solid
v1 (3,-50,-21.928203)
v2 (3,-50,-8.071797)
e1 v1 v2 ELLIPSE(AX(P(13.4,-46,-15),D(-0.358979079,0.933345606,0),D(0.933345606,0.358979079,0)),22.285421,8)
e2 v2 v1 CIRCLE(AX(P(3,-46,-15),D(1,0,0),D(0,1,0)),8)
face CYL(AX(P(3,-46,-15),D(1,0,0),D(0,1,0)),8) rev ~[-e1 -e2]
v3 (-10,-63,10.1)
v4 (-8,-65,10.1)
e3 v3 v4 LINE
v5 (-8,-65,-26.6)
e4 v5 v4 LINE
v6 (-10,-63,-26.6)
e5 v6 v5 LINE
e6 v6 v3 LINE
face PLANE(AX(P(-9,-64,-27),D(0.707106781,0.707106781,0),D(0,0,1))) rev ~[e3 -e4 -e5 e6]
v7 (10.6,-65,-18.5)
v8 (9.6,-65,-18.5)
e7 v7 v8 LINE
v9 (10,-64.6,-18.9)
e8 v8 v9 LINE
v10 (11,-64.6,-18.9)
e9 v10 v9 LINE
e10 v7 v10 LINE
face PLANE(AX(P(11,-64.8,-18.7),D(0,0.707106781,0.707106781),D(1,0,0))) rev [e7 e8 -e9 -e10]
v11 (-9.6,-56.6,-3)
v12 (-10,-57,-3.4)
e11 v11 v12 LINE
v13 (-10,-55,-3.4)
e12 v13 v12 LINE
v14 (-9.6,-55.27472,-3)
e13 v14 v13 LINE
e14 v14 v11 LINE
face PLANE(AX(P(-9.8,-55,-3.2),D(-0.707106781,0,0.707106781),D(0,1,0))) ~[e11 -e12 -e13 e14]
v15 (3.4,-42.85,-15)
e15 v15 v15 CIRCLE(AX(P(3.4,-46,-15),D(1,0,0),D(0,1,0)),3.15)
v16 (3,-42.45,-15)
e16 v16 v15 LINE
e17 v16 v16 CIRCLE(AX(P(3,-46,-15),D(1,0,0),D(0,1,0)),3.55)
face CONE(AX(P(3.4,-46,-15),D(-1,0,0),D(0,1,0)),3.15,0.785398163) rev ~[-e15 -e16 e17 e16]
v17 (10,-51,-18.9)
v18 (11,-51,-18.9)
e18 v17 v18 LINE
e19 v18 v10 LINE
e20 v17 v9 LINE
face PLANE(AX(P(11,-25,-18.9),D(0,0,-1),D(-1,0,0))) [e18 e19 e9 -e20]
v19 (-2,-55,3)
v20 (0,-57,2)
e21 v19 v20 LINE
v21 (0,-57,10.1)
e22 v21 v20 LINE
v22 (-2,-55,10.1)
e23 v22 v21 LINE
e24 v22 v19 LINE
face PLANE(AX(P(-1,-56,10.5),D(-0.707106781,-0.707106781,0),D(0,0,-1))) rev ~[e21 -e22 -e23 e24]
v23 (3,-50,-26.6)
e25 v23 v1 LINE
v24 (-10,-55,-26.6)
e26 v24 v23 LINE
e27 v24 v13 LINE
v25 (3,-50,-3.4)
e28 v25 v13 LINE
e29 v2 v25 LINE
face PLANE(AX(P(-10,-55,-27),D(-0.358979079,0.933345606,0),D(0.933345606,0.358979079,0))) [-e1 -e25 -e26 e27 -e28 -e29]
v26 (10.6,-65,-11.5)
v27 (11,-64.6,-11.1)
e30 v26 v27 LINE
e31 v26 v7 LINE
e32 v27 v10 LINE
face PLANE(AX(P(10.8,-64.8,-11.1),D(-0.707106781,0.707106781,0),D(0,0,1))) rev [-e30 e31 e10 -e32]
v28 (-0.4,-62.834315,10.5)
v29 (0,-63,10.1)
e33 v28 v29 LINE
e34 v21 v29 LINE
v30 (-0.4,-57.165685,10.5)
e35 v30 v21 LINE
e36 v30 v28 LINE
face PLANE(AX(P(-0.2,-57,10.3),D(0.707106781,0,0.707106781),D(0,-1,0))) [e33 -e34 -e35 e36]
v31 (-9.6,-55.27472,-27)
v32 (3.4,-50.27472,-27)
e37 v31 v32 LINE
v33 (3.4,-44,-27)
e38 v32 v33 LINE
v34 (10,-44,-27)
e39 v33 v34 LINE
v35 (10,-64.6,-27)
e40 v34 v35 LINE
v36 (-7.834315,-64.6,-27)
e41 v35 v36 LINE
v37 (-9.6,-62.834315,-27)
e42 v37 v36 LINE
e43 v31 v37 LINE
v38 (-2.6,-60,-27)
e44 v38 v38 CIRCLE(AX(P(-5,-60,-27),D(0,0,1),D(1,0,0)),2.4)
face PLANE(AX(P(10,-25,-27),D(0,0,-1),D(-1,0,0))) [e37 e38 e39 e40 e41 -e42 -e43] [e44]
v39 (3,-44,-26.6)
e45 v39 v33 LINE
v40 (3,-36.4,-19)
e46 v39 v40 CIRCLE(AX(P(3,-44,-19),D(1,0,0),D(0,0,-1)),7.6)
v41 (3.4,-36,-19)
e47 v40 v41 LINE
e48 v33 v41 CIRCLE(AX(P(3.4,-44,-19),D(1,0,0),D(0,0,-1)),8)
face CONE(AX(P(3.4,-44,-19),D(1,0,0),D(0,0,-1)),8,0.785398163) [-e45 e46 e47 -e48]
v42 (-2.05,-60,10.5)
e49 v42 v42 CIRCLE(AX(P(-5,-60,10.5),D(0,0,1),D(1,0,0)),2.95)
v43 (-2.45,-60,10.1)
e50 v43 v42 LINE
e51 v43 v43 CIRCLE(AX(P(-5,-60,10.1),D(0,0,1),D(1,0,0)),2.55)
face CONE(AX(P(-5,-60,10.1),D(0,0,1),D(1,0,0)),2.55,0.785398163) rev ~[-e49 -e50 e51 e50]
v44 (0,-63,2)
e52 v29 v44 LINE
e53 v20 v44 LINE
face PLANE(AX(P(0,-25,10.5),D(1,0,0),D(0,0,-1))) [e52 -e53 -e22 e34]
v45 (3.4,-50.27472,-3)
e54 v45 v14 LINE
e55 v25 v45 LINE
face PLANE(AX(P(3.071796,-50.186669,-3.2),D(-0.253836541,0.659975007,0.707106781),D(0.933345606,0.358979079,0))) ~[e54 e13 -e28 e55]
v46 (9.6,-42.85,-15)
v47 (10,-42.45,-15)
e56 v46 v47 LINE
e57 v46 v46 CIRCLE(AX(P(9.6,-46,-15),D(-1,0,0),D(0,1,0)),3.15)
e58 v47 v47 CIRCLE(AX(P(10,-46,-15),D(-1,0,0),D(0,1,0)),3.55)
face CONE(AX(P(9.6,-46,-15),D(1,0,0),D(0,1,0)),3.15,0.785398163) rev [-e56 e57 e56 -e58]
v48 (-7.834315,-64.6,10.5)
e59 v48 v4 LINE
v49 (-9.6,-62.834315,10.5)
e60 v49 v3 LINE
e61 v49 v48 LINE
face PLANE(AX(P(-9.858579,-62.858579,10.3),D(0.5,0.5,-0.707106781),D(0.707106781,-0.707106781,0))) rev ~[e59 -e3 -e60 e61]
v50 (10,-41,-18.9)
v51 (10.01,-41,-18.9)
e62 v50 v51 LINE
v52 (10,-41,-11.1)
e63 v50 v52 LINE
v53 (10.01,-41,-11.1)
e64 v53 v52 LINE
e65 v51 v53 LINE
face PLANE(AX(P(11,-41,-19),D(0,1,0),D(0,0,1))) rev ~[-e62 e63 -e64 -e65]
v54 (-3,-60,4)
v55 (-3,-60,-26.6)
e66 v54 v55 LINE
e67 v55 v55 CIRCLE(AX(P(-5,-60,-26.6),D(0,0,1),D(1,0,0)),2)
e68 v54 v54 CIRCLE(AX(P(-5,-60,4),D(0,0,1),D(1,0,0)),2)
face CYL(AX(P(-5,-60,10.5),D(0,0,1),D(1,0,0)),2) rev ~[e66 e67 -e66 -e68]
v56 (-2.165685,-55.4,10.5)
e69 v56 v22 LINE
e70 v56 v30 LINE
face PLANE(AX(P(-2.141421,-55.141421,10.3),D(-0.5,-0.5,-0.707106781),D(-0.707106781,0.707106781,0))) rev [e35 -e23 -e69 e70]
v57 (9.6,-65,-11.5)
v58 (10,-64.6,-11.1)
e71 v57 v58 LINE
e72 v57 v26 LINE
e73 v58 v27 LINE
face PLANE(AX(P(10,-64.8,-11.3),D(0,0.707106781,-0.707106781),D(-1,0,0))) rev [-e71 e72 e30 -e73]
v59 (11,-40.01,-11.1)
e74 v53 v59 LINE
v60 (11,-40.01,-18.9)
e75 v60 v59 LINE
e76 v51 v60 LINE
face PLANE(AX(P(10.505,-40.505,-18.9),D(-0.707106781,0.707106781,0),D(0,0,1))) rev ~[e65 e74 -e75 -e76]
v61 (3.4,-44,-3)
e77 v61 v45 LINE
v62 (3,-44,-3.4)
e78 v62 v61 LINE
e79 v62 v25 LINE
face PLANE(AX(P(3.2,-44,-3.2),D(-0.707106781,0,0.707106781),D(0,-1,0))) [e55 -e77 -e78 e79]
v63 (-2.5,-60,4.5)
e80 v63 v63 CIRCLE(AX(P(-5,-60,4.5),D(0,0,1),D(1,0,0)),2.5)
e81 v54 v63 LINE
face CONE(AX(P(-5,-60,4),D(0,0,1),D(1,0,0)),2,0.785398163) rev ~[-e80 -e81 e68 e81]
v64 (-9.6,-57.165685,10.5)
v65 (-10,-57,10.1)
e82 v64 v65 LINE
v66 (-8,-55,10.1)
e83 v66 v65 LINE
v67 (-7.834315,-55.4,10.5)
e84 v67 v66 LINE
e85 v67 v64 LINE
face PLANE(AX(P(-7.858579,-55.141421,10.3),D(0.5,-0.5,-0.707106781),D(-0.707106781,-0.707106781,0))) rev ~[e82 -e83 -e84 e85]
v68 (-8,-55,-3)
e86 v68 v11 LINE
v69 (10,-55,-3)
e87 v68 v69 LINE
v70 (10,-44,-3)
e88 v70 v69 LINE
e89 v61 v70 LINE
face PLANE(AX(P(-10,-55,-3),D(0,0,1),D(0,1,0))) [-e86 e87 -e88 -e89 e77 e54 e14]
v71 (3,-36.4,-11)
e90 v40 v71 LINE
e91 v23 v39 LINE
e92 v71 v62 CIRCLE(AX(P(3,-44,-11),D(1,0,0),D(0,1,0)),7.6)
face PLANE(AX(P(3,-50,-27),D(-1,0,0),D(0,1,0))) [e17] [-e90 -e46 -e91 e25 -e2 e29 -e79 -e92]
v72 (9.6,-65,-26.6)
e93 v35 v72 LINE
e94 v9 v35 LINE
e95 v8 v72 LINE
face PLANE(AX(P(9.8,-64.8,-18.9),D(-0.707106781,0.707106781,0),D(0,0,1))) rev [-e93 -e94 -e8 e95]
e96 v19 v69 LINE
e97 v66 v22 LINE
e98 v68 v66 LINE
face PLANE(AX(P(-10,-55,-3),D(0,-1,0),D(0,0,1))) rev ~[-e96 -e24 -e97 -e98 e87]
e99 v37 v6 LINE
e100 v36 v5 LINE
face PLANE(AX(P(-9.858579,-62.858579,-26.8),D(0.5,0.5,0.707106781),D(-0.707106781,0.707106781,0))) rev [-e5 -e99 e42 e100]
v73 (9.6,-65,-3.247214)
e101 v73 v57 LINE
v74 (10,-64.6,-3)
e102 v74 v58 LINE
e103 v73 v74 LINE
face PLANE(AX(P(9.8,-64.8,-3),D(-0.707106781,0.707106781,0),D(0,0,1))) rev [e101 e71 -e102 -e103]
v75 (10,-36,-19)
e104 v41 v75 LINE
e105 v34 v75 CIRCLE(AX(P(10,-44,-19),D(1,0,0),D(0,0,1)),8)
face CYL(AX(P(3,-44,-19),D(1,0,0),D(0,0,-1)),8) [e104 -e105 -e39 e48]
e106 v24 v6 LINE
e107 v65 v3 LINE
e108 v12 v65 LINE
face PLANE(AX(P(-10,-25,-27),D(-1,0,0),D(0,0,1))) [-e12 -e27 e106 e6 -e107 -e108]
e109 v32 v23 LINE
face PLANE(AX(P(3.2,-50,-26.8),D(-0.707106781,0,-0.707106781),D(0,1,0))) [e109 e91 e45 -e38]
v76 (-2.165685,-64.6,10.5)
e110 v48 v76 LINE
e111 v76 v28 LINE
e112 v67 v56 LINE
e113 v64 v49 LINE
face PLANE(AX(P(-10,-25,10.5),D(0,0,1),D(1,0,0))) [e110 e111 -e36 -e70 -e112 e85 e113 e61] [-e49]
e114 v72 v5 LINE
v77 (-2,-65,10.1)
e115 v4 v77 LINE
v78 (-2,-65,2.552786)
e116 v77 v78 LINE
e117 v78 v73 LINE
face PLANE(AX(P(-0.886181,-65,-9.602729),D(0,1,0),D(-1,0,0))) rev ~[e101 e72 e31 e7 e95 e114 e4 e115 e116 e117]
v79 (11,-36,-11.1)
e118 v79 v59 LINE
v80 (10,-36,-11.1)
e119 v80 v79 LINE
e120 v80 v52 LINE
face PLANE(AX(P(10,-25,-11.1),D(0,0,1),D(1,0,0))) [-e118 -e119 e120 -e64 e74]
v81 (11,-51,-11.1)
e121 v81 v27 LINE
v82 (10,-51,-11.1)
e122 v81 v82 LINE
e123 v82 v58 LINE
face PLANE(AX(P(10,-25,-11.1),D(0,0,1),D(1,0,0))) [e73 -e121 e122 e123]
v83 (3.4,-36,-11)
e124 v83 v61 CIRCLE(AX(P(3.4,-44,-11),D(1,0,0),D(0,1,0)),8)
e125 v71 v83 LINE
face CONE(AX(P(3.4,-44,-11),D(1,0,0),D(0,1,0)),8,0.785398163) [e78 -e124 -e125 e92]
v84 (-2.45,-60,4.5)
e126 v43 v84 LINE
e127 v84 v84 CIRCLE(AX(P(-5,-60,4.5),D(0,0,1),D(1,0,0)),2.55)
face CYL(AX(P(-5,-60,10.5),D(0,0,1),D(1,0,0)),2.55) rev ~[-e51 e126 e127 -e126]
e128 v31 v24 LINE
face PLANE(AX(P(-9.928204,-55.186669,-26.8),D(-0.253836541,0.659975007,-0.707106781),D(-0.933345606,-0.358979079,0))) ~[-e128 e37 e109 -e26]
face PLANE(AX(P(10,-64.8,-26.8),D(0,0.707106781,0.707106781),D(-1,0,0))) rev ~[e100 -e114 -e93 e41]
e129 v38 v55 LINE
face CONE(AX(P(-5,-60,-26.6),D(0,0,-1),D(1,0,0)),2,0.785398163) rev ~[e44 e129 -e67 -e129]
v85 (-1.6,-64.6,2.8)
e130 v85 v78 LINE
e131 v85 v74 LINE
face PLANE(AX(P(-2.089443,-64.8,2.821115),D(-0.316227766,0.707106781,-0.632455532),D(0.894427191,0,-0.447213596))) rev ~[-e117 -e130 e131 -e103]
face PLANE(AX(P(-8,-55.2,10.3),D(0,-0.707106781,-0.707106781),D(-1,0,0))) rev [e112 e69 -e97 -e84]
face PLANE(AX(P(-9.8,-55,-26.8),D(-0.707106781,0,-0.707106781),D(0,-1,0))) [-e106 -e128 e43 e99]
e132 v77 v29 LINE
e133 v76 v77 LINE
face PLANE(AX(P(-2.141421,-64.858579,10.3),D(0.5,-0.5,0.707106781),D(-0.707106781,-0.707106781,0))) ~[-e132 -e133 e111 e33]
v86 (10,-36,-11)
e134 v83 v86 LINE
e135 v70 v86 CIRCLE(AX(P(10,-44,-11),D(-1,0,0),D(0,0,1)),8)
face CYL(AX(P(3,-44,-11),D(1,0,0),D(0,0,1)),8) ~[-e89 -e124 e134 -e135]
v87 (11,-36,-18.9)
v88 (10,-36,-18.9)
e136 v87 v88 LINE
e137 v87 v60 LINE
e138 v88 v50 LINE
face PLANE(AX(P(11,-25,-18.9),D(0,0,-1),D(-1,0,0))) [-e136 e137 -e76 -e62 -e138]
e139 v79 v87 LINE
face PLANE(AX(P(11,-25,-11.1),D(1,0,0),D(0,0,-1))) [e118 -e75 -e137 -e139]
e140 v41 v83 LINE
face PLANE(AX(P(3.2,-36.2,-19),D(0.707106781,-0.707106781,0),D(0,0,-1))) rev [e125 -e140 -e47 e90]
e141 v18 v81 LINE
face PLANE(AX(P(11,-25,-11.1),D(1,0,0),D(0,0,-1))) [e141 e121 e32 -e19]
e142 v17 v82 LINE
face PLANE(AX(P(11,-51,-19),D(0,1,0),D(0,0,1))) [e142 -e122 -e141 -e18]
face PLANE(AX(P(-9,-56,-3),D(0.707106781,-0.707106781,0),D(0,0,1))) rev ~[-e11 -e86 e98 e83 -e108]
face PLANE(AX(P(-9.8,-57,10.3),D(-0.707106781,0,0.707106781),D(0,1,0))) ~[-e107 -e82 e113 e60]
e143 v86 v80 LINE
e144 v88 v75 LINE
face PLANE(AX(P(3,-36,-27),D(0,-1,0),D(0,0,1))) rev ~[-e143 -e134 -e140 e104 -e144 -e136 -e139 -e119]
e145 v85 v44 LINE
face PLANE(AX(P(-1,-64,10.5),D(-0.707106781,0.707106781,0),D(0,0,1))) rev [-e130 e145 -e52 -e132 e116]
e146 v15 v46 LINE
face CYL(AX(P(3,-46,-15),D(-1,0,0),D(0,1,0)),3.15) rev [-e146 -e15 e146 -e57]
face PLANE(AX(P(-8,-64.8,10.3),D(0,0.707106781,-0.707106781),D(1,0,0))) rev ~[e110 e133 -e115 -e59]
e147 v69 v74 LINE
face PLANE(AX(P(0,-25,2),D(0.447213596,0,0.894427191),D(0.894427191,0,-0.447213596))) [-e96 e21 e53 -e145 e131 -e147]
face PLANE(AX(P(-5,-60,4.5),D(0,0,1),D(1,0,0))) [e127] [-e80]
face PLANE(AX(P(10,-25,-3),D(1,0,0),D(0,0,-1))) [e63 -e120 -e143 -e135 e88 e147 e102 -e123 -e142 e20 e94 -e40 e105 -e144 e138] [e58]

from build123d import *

# Parameters (mm, degrees)
PAD008_DEPTH       = 40
SKETCH033_W        = 30
SKETCH033_H        = 13.5
POCKET020_DEPTH    = 21.001
POCKET021_DEPTH    = 37.501
SKETCH035_R        = 8
POCKET022_DEPTH    = 13.001
SKETCH036_R        = 3.15
POCKET023_DEPTH    = 8.001
SKETCH037_W        = 11
SKETCH037_H        = 24
POCKET024_DEPTH    = 8.001
FILLET003002004_R  = 8
SKETCH038_R        = 2
POCKET025_DEPTH    = 37.501
SKETCH039_R        = 2.55
POCKET026_DEPTH    = 6
SKETCH040_W        = 10
SKETCH040_H        = 8
POCKET027_DEPTH    = 1
CHAMFER026013_SIZE = 2
CHAMFER026014_SIZE = 0.4
CHAMFER026015_SIZE = 0.99
CHAMFER026016_SIZE = 0.5


with BuildPart() as part:
    # Sketch032 → Pad008 (new body)
    with BuildSketch(Plane.XZ):
        Polygon((-20, 10.5), (-10, 10.5), (-10, 2), (0, -3), (0, -11.1), (1, -11.1), (1, -18.9), (0, -18.9), (0, -27), (-20, -27), align=None)
    extrude(amount=PAD008_DEPTH)

    # Sketch033 (on DatumPlane) → Pocket020 (cut, through all)
    with BuildSketch(Plane.YZ.offset(-20)):
        with Locations((-15, 3.75)):
            Rectangle(SKETCH033_W, SKETCH033_H)
    extrude(amount=POCKET020_DEPTH, mode=Mode.SUBTRACT)

    # Sketch034 (on DatumPlane) → Pocket021 (cut, through all)
    with BuildSketch(Plane.XY.offset(-27)):
        Polygon((-20, -30), (-7, -25), (-7, 0), (-20, 0), align=None)
    extrude(amount=POCKET021_DEPTH, mode=Mode.SUBTRACT)

    # Sketch035 (on DatumPlane) → Pocket022 (cut, through all)
    with BuildSketch(Plane.YZ.offset(-7)):
        with Locations((-21, -15)):
            Circle(SKETCH035_R)
    extrude(amount=-POCKET022_DEPTH, mode=Mode.SUBTRACT)

    # Sketch036 (on DatumPlane) → Pocket023 (cut, through all)
    with BuildSketch(Plane.YZ.offset(-7)):
        with Locations((-21, -15)):
            Circle(SKETCH036_R)
    extrude(amount=POCKET023_DEPTH, mode=Mode.SUBTRACT)

    # Sketch037 (on DatumPlane) → Pocket024 (cut, through all)
    with BuildSketch(Plane.YZ.offset(-7)):
        with Locations((-5.5, -15)):
            Rectangle(SKETCH037_W, SKETCH037_H)
    extrude(amount=POCKET024_DEPTH, mode=Mode.SUBTRACT)

    # Fillet003002004
    fillet003002004_edges = [part.edges().sort_by_distance(p)[0] for p in [
        (-3.5, -11, -27),
        (-3.5, -11, -3),
    ]]
    fillet(fillet003002004_edges, radius=FILLET003002004_R)

    # Sketch038 (on DatumPlane) → Pocket025 (cut, through all)
    with BuildSketch(Plane.XY.offset(10.5)):
        with Locations((-15, -35)):
            Circle(SKETCH038_R)
    extrude(amount=-POCKET025_DEPTH, mode=Mode.SUBTRACT)

    # Sketch039 (on DatumPlane) → Pocket026 (cut)
    with BuildSketch(Plane.XY.offset(10.5)):
        with Locations((-15, -35)):
            Circle(SKETCH039_R)
    extrude(amount=-POCKET026_DEPTH, mode=Mode.SUBTRACT)

    # Sketch040 (on DatumPlane) → Pocket027 (cut)
    with BuildSketch(Plane.YZ.offset(1)):
        with Locations((-21, -15)):
            Rectangle(SKETCH040_W, SKETCH040_H)
    extrude(amount=-POCKET027_DEPTH, mode=Mode.SUBTRACT)

    # Chamfer026013
    chamfer026013_edges = [part.edges().sort_by_distance(p)[0] for p in [
        (-10, -40, 6.25),
        (-20, -40, -8.25),
        (-10, -30, 6.25),
        (-20, -30, 3.75),
    ]]
    chamfer(chamfer026013_edges, length=CHAMFER026013_SIZE)

    # Chamfer026014
    chamfer026014_edges = [part.edges().sort_by_distance(p)[0] for p in [
        (-9, -40, -27),
        (0, -40, -22.95),
        (0.5, -40, -18.9),
        (1, -40, -15),
        (0.5, -40, -11.1),
        (0, -40, -7.05),
        (-19, -39, -27),
        (-20, -34, -27),
        (-13.5, -27.5, -27),
        (-7, -22, -27),
        (-7, -13.343146, -24.656854),
        (-7, -11, -15),
        (-7, -13.343146, -5.343146),
        (-7, -22, -3),
        (-13.5, -27.5, -3),
        (-20, -31, -3),
        (-7, -24.15, -15),
        (0, -24.15, -15),
        (-17, -35, -27),
        (-15, -40, 10.5),
        (-19, -39, 10.5),
        (-20, -35, 10.5),
        (-19, -31, 10.5),
        (-15, -30, 10.5),
        (-11, -31, 10.5),
        (-10, -35, 10.5),
        (-11, -39, 10.5),
        (-17.55, -35, 10.5),
        (-5, -40, -0.5),
        (-11, -40, 2.5),
    ]]
    chamfer(chamfer026014_edges, length=CHAMFER026014_SIZE)

    # Chamfer026015
    chamfer026015_edges = [part.edges().sort_by_distance(p)[0] for p in [
        (1, -16, -15),
    ]]
    chamfer(chamfer026015_edges, length=CHAMFER026015_SIZE)

    # Chamfer026016
    chamfer026016_edges = [part.edges().sort_by_distance(p)[0] for p in [
        (-17, -35, 4.5),
    ]]
    chamfer(chamfer026016_edges, length=CHAMFER026016_SIZE)


with BuildPart() as part_1:
    # Body001001001002003006 placement: moved
    add(part.part.moved(Location((10, -25, 0))))


solid = part_1.part
